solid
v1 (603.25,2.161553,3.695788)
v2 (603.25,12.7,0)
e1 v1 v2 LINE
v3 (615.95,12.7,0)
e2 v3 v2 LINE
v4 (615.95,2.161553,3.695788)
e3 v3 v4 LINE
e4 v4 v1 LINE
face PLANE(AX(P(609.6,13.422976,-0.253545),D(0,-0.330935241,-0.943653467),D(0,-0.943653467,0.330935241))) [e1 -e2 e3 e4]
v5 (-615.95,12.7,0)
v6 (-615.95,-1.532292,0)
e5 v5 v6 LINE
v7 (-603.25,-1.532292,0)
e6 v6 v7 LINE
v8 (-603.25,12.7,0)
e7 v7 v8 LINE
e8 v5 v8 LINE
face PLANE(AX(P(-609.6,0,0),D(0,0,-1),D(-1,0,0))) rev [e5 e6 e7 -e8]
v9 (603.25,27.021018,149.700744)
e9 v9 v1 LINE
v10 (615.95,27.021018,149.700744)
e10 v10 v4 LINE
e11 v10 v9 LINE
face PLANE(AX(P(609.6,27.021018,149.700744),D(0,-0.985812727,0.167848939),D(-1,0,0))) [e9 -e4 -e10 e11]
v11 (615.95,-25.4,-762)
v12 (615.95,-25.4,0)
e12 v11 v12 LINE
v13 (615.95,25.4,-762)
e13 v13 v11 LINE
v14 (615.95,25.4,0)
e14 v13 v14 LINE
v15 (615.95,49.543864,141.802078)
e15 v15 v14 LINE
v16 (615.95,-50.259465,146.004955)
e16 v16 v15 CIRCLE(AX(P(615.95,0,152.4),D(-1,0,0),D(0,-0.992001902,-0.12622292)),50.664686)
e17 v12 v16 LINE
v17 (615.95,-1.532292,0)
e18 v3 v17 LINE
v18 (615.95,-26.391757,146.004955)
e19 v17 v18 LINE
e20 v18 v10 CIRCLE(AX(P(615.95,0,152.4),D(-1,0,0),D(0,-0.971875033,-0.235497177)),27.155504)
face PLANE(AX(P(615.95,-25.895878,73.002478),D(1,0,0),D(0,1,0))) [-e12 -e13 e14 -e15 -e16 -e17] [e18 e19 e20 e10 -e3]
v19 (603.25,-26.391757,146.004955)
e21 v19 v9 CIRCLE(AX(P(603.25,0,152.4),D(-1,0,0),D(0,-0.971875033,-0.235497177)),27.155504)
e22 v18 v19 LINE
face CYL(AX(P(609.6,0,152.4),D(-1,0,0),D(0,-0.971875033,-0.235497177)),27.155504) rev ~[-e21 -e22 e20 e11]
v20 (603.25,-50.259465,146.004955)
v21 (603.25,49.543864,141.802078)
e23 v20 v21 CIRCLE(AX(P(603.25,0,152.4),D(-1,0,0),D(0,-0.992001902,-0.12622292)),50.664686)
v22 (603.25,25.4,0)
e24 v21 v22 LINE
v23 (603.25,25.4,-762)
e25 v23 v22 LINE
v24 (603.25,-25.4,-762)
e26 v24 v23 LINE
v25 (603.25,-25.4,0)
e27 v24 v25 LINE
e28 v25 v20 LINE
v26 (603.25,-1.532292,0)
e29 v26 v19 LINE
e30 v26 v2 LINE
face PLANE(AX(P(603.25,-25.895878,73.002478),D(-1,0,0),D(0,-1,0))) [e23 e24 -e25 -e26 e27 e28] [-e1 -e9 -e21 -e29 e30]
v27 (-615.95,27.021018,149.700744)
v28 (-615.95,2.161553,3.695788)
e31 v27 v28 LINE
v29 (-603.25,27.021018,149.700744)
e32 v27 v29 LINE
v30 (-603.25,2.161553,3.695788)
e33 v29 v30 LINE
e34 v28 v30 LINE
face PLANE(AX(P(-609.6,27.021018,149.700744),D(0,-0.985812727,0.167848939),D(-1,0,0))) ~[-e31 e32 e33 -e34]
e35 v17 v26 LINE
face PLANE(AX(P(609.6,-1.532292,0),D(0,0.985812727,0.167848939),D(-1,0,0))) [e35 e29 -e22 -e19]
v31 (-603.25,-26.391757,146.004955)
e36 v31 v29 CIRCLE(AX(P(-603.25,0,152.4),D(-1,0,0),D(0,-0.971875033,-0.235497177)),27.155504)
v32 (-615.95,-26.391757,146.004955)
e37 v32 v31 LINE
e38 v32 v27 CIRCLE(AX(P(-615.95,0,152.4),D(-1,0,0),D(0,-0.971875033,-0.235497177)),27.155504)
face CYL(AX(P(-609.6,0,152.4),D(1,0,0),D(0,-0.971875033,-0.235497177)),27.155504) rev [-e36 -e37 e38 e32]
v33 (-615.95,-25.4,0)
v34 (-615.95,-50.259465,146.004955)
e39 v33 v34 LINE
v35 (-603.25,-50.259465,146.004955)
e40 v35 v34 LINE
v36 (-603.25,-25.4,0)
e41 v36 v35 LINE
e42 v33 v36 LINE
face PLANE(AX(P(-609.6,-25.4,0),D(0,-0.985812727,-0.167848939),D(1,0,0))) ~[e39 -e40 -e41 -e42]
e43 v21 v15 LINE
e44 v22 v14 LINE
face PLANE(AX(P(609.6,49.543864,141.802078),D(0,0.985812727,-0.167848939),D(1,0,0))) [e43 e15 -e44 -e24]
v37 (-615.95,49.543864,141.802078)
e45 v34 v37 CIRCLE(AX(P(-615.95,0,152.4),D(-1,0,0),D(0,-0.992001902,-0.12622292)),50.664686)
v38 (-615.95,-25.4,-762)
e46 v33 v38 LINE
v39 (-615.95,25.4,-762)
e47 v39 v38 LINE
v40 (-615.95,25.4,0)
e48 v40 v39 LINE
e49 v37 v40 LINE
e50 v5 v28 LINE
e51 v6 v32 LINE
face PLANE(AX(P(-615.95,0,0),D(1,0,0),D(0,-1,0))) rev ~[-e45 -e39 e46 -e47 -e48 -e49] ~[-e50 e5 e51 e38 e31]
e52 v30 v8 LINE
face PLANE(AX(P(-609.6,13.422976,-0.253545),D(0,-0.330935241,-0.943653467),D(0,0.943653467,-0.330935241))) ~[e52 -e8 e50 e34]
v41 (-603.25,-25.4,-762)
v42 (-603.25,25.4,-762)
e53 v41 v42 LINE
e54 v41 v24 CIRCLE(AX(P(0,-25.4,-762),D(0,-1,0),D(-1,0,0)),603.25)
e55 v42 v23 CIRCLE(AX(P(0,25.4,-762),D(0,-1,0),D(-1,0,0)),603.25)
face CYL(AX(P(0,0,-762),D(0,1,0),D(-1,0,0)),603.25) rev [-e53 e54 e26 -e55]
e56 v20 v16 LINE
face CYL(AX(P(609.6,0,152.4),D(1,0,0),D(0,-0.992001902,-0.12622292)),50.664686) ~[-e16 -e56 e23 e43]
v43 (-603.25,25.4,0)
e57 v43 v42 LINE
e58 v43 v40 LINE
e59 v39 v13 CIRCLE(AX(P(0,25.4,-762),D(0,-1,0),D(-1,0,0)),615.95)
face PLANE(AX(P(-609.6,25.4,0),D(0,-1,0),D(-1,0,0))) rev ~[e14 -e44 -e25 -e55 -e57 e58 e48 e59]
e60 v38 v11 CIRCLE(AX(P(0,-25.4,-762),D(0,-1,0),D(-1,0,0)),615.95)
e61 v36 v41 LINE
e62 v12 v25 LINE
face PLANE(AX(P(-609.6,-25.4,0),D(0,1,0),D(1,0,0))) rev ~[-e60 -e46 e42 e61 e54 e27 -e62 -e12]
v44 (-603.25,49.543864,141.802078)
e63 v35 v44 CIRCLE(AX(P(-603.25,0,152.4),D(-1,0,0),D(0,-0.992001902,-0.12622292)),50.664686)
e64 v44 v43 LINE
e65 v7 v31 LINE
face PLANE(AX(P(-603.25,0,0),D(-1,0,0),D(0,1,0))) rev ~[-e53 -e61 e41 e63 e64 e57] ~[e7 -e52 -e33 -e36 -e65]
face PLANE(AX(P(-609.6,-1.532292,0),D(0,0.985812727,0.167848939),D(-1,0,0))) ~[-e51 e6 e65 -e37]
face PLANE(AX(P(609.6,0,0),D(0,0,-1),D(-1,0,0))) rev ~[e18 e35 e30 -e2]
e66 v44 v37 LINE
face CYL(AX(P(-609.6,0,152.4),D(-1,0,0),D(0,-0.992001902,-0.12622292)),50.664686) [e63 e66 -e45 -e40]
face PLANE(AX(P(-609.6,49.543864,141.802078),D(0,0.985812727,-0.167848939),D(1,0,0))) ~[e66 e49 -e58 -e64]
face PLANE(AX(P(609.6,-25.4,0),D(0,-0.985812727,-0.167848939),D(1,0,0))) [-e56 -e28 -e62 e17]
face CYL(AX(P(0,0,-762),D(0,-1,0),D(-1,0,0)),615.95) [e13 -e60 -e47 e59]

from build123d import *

# Parameters (mm, degrees)
F1_W = 12.7
F1_H = 50.8
F5_W = 12.7
F5_H = 23.8677083557


with BuildPart() as f2:
    # F2: sweep along a path in F0
    with BuildLine(Plane.XZ) as f2_path:
        Line((-609.6, 0), (-609.6, -762))
        ThreePointArc((-609.6, -762), (0, -1371.6), (609.6, -762))
        Line((609.6, -762), (609.6, 0))
    # F1 (on Top) → F2 (sweep)
    with BuildSketch(Plane.XY):
        with Locations((-609.6, 0)):
            Rectangle(F1_W, F1_H)
    sweep(path=f2_path.line)

    # F6: sweep along a path in F4
    with BuildLine(Plane.YZ.offset(609.6)) as f6_path:
        Line((-12.7, 0), (-37.5594649148, 146.0049554096))
        ThreePointArc((-37.5594649148, 146.0049554096), (0, 190.5), (37.5594649148, 146.0049554096))
        Line((37.5594649148, 146.0049554096), (12.7, 0))
    # F5 (on face) → F6 (sweep)
    with BuildSketch(Plane.XY):
        with Locations((609.6, -13.4661458221)):
            Rectangle(F5_W, F5_H)
    sweep(path=f6_path.line)

    # F7: F2 across plane


with BuildPart() as f2_1:
    add(f2.part)
    add(f2.part.mirror(Plane.YZ))


solid = f2_1.part
